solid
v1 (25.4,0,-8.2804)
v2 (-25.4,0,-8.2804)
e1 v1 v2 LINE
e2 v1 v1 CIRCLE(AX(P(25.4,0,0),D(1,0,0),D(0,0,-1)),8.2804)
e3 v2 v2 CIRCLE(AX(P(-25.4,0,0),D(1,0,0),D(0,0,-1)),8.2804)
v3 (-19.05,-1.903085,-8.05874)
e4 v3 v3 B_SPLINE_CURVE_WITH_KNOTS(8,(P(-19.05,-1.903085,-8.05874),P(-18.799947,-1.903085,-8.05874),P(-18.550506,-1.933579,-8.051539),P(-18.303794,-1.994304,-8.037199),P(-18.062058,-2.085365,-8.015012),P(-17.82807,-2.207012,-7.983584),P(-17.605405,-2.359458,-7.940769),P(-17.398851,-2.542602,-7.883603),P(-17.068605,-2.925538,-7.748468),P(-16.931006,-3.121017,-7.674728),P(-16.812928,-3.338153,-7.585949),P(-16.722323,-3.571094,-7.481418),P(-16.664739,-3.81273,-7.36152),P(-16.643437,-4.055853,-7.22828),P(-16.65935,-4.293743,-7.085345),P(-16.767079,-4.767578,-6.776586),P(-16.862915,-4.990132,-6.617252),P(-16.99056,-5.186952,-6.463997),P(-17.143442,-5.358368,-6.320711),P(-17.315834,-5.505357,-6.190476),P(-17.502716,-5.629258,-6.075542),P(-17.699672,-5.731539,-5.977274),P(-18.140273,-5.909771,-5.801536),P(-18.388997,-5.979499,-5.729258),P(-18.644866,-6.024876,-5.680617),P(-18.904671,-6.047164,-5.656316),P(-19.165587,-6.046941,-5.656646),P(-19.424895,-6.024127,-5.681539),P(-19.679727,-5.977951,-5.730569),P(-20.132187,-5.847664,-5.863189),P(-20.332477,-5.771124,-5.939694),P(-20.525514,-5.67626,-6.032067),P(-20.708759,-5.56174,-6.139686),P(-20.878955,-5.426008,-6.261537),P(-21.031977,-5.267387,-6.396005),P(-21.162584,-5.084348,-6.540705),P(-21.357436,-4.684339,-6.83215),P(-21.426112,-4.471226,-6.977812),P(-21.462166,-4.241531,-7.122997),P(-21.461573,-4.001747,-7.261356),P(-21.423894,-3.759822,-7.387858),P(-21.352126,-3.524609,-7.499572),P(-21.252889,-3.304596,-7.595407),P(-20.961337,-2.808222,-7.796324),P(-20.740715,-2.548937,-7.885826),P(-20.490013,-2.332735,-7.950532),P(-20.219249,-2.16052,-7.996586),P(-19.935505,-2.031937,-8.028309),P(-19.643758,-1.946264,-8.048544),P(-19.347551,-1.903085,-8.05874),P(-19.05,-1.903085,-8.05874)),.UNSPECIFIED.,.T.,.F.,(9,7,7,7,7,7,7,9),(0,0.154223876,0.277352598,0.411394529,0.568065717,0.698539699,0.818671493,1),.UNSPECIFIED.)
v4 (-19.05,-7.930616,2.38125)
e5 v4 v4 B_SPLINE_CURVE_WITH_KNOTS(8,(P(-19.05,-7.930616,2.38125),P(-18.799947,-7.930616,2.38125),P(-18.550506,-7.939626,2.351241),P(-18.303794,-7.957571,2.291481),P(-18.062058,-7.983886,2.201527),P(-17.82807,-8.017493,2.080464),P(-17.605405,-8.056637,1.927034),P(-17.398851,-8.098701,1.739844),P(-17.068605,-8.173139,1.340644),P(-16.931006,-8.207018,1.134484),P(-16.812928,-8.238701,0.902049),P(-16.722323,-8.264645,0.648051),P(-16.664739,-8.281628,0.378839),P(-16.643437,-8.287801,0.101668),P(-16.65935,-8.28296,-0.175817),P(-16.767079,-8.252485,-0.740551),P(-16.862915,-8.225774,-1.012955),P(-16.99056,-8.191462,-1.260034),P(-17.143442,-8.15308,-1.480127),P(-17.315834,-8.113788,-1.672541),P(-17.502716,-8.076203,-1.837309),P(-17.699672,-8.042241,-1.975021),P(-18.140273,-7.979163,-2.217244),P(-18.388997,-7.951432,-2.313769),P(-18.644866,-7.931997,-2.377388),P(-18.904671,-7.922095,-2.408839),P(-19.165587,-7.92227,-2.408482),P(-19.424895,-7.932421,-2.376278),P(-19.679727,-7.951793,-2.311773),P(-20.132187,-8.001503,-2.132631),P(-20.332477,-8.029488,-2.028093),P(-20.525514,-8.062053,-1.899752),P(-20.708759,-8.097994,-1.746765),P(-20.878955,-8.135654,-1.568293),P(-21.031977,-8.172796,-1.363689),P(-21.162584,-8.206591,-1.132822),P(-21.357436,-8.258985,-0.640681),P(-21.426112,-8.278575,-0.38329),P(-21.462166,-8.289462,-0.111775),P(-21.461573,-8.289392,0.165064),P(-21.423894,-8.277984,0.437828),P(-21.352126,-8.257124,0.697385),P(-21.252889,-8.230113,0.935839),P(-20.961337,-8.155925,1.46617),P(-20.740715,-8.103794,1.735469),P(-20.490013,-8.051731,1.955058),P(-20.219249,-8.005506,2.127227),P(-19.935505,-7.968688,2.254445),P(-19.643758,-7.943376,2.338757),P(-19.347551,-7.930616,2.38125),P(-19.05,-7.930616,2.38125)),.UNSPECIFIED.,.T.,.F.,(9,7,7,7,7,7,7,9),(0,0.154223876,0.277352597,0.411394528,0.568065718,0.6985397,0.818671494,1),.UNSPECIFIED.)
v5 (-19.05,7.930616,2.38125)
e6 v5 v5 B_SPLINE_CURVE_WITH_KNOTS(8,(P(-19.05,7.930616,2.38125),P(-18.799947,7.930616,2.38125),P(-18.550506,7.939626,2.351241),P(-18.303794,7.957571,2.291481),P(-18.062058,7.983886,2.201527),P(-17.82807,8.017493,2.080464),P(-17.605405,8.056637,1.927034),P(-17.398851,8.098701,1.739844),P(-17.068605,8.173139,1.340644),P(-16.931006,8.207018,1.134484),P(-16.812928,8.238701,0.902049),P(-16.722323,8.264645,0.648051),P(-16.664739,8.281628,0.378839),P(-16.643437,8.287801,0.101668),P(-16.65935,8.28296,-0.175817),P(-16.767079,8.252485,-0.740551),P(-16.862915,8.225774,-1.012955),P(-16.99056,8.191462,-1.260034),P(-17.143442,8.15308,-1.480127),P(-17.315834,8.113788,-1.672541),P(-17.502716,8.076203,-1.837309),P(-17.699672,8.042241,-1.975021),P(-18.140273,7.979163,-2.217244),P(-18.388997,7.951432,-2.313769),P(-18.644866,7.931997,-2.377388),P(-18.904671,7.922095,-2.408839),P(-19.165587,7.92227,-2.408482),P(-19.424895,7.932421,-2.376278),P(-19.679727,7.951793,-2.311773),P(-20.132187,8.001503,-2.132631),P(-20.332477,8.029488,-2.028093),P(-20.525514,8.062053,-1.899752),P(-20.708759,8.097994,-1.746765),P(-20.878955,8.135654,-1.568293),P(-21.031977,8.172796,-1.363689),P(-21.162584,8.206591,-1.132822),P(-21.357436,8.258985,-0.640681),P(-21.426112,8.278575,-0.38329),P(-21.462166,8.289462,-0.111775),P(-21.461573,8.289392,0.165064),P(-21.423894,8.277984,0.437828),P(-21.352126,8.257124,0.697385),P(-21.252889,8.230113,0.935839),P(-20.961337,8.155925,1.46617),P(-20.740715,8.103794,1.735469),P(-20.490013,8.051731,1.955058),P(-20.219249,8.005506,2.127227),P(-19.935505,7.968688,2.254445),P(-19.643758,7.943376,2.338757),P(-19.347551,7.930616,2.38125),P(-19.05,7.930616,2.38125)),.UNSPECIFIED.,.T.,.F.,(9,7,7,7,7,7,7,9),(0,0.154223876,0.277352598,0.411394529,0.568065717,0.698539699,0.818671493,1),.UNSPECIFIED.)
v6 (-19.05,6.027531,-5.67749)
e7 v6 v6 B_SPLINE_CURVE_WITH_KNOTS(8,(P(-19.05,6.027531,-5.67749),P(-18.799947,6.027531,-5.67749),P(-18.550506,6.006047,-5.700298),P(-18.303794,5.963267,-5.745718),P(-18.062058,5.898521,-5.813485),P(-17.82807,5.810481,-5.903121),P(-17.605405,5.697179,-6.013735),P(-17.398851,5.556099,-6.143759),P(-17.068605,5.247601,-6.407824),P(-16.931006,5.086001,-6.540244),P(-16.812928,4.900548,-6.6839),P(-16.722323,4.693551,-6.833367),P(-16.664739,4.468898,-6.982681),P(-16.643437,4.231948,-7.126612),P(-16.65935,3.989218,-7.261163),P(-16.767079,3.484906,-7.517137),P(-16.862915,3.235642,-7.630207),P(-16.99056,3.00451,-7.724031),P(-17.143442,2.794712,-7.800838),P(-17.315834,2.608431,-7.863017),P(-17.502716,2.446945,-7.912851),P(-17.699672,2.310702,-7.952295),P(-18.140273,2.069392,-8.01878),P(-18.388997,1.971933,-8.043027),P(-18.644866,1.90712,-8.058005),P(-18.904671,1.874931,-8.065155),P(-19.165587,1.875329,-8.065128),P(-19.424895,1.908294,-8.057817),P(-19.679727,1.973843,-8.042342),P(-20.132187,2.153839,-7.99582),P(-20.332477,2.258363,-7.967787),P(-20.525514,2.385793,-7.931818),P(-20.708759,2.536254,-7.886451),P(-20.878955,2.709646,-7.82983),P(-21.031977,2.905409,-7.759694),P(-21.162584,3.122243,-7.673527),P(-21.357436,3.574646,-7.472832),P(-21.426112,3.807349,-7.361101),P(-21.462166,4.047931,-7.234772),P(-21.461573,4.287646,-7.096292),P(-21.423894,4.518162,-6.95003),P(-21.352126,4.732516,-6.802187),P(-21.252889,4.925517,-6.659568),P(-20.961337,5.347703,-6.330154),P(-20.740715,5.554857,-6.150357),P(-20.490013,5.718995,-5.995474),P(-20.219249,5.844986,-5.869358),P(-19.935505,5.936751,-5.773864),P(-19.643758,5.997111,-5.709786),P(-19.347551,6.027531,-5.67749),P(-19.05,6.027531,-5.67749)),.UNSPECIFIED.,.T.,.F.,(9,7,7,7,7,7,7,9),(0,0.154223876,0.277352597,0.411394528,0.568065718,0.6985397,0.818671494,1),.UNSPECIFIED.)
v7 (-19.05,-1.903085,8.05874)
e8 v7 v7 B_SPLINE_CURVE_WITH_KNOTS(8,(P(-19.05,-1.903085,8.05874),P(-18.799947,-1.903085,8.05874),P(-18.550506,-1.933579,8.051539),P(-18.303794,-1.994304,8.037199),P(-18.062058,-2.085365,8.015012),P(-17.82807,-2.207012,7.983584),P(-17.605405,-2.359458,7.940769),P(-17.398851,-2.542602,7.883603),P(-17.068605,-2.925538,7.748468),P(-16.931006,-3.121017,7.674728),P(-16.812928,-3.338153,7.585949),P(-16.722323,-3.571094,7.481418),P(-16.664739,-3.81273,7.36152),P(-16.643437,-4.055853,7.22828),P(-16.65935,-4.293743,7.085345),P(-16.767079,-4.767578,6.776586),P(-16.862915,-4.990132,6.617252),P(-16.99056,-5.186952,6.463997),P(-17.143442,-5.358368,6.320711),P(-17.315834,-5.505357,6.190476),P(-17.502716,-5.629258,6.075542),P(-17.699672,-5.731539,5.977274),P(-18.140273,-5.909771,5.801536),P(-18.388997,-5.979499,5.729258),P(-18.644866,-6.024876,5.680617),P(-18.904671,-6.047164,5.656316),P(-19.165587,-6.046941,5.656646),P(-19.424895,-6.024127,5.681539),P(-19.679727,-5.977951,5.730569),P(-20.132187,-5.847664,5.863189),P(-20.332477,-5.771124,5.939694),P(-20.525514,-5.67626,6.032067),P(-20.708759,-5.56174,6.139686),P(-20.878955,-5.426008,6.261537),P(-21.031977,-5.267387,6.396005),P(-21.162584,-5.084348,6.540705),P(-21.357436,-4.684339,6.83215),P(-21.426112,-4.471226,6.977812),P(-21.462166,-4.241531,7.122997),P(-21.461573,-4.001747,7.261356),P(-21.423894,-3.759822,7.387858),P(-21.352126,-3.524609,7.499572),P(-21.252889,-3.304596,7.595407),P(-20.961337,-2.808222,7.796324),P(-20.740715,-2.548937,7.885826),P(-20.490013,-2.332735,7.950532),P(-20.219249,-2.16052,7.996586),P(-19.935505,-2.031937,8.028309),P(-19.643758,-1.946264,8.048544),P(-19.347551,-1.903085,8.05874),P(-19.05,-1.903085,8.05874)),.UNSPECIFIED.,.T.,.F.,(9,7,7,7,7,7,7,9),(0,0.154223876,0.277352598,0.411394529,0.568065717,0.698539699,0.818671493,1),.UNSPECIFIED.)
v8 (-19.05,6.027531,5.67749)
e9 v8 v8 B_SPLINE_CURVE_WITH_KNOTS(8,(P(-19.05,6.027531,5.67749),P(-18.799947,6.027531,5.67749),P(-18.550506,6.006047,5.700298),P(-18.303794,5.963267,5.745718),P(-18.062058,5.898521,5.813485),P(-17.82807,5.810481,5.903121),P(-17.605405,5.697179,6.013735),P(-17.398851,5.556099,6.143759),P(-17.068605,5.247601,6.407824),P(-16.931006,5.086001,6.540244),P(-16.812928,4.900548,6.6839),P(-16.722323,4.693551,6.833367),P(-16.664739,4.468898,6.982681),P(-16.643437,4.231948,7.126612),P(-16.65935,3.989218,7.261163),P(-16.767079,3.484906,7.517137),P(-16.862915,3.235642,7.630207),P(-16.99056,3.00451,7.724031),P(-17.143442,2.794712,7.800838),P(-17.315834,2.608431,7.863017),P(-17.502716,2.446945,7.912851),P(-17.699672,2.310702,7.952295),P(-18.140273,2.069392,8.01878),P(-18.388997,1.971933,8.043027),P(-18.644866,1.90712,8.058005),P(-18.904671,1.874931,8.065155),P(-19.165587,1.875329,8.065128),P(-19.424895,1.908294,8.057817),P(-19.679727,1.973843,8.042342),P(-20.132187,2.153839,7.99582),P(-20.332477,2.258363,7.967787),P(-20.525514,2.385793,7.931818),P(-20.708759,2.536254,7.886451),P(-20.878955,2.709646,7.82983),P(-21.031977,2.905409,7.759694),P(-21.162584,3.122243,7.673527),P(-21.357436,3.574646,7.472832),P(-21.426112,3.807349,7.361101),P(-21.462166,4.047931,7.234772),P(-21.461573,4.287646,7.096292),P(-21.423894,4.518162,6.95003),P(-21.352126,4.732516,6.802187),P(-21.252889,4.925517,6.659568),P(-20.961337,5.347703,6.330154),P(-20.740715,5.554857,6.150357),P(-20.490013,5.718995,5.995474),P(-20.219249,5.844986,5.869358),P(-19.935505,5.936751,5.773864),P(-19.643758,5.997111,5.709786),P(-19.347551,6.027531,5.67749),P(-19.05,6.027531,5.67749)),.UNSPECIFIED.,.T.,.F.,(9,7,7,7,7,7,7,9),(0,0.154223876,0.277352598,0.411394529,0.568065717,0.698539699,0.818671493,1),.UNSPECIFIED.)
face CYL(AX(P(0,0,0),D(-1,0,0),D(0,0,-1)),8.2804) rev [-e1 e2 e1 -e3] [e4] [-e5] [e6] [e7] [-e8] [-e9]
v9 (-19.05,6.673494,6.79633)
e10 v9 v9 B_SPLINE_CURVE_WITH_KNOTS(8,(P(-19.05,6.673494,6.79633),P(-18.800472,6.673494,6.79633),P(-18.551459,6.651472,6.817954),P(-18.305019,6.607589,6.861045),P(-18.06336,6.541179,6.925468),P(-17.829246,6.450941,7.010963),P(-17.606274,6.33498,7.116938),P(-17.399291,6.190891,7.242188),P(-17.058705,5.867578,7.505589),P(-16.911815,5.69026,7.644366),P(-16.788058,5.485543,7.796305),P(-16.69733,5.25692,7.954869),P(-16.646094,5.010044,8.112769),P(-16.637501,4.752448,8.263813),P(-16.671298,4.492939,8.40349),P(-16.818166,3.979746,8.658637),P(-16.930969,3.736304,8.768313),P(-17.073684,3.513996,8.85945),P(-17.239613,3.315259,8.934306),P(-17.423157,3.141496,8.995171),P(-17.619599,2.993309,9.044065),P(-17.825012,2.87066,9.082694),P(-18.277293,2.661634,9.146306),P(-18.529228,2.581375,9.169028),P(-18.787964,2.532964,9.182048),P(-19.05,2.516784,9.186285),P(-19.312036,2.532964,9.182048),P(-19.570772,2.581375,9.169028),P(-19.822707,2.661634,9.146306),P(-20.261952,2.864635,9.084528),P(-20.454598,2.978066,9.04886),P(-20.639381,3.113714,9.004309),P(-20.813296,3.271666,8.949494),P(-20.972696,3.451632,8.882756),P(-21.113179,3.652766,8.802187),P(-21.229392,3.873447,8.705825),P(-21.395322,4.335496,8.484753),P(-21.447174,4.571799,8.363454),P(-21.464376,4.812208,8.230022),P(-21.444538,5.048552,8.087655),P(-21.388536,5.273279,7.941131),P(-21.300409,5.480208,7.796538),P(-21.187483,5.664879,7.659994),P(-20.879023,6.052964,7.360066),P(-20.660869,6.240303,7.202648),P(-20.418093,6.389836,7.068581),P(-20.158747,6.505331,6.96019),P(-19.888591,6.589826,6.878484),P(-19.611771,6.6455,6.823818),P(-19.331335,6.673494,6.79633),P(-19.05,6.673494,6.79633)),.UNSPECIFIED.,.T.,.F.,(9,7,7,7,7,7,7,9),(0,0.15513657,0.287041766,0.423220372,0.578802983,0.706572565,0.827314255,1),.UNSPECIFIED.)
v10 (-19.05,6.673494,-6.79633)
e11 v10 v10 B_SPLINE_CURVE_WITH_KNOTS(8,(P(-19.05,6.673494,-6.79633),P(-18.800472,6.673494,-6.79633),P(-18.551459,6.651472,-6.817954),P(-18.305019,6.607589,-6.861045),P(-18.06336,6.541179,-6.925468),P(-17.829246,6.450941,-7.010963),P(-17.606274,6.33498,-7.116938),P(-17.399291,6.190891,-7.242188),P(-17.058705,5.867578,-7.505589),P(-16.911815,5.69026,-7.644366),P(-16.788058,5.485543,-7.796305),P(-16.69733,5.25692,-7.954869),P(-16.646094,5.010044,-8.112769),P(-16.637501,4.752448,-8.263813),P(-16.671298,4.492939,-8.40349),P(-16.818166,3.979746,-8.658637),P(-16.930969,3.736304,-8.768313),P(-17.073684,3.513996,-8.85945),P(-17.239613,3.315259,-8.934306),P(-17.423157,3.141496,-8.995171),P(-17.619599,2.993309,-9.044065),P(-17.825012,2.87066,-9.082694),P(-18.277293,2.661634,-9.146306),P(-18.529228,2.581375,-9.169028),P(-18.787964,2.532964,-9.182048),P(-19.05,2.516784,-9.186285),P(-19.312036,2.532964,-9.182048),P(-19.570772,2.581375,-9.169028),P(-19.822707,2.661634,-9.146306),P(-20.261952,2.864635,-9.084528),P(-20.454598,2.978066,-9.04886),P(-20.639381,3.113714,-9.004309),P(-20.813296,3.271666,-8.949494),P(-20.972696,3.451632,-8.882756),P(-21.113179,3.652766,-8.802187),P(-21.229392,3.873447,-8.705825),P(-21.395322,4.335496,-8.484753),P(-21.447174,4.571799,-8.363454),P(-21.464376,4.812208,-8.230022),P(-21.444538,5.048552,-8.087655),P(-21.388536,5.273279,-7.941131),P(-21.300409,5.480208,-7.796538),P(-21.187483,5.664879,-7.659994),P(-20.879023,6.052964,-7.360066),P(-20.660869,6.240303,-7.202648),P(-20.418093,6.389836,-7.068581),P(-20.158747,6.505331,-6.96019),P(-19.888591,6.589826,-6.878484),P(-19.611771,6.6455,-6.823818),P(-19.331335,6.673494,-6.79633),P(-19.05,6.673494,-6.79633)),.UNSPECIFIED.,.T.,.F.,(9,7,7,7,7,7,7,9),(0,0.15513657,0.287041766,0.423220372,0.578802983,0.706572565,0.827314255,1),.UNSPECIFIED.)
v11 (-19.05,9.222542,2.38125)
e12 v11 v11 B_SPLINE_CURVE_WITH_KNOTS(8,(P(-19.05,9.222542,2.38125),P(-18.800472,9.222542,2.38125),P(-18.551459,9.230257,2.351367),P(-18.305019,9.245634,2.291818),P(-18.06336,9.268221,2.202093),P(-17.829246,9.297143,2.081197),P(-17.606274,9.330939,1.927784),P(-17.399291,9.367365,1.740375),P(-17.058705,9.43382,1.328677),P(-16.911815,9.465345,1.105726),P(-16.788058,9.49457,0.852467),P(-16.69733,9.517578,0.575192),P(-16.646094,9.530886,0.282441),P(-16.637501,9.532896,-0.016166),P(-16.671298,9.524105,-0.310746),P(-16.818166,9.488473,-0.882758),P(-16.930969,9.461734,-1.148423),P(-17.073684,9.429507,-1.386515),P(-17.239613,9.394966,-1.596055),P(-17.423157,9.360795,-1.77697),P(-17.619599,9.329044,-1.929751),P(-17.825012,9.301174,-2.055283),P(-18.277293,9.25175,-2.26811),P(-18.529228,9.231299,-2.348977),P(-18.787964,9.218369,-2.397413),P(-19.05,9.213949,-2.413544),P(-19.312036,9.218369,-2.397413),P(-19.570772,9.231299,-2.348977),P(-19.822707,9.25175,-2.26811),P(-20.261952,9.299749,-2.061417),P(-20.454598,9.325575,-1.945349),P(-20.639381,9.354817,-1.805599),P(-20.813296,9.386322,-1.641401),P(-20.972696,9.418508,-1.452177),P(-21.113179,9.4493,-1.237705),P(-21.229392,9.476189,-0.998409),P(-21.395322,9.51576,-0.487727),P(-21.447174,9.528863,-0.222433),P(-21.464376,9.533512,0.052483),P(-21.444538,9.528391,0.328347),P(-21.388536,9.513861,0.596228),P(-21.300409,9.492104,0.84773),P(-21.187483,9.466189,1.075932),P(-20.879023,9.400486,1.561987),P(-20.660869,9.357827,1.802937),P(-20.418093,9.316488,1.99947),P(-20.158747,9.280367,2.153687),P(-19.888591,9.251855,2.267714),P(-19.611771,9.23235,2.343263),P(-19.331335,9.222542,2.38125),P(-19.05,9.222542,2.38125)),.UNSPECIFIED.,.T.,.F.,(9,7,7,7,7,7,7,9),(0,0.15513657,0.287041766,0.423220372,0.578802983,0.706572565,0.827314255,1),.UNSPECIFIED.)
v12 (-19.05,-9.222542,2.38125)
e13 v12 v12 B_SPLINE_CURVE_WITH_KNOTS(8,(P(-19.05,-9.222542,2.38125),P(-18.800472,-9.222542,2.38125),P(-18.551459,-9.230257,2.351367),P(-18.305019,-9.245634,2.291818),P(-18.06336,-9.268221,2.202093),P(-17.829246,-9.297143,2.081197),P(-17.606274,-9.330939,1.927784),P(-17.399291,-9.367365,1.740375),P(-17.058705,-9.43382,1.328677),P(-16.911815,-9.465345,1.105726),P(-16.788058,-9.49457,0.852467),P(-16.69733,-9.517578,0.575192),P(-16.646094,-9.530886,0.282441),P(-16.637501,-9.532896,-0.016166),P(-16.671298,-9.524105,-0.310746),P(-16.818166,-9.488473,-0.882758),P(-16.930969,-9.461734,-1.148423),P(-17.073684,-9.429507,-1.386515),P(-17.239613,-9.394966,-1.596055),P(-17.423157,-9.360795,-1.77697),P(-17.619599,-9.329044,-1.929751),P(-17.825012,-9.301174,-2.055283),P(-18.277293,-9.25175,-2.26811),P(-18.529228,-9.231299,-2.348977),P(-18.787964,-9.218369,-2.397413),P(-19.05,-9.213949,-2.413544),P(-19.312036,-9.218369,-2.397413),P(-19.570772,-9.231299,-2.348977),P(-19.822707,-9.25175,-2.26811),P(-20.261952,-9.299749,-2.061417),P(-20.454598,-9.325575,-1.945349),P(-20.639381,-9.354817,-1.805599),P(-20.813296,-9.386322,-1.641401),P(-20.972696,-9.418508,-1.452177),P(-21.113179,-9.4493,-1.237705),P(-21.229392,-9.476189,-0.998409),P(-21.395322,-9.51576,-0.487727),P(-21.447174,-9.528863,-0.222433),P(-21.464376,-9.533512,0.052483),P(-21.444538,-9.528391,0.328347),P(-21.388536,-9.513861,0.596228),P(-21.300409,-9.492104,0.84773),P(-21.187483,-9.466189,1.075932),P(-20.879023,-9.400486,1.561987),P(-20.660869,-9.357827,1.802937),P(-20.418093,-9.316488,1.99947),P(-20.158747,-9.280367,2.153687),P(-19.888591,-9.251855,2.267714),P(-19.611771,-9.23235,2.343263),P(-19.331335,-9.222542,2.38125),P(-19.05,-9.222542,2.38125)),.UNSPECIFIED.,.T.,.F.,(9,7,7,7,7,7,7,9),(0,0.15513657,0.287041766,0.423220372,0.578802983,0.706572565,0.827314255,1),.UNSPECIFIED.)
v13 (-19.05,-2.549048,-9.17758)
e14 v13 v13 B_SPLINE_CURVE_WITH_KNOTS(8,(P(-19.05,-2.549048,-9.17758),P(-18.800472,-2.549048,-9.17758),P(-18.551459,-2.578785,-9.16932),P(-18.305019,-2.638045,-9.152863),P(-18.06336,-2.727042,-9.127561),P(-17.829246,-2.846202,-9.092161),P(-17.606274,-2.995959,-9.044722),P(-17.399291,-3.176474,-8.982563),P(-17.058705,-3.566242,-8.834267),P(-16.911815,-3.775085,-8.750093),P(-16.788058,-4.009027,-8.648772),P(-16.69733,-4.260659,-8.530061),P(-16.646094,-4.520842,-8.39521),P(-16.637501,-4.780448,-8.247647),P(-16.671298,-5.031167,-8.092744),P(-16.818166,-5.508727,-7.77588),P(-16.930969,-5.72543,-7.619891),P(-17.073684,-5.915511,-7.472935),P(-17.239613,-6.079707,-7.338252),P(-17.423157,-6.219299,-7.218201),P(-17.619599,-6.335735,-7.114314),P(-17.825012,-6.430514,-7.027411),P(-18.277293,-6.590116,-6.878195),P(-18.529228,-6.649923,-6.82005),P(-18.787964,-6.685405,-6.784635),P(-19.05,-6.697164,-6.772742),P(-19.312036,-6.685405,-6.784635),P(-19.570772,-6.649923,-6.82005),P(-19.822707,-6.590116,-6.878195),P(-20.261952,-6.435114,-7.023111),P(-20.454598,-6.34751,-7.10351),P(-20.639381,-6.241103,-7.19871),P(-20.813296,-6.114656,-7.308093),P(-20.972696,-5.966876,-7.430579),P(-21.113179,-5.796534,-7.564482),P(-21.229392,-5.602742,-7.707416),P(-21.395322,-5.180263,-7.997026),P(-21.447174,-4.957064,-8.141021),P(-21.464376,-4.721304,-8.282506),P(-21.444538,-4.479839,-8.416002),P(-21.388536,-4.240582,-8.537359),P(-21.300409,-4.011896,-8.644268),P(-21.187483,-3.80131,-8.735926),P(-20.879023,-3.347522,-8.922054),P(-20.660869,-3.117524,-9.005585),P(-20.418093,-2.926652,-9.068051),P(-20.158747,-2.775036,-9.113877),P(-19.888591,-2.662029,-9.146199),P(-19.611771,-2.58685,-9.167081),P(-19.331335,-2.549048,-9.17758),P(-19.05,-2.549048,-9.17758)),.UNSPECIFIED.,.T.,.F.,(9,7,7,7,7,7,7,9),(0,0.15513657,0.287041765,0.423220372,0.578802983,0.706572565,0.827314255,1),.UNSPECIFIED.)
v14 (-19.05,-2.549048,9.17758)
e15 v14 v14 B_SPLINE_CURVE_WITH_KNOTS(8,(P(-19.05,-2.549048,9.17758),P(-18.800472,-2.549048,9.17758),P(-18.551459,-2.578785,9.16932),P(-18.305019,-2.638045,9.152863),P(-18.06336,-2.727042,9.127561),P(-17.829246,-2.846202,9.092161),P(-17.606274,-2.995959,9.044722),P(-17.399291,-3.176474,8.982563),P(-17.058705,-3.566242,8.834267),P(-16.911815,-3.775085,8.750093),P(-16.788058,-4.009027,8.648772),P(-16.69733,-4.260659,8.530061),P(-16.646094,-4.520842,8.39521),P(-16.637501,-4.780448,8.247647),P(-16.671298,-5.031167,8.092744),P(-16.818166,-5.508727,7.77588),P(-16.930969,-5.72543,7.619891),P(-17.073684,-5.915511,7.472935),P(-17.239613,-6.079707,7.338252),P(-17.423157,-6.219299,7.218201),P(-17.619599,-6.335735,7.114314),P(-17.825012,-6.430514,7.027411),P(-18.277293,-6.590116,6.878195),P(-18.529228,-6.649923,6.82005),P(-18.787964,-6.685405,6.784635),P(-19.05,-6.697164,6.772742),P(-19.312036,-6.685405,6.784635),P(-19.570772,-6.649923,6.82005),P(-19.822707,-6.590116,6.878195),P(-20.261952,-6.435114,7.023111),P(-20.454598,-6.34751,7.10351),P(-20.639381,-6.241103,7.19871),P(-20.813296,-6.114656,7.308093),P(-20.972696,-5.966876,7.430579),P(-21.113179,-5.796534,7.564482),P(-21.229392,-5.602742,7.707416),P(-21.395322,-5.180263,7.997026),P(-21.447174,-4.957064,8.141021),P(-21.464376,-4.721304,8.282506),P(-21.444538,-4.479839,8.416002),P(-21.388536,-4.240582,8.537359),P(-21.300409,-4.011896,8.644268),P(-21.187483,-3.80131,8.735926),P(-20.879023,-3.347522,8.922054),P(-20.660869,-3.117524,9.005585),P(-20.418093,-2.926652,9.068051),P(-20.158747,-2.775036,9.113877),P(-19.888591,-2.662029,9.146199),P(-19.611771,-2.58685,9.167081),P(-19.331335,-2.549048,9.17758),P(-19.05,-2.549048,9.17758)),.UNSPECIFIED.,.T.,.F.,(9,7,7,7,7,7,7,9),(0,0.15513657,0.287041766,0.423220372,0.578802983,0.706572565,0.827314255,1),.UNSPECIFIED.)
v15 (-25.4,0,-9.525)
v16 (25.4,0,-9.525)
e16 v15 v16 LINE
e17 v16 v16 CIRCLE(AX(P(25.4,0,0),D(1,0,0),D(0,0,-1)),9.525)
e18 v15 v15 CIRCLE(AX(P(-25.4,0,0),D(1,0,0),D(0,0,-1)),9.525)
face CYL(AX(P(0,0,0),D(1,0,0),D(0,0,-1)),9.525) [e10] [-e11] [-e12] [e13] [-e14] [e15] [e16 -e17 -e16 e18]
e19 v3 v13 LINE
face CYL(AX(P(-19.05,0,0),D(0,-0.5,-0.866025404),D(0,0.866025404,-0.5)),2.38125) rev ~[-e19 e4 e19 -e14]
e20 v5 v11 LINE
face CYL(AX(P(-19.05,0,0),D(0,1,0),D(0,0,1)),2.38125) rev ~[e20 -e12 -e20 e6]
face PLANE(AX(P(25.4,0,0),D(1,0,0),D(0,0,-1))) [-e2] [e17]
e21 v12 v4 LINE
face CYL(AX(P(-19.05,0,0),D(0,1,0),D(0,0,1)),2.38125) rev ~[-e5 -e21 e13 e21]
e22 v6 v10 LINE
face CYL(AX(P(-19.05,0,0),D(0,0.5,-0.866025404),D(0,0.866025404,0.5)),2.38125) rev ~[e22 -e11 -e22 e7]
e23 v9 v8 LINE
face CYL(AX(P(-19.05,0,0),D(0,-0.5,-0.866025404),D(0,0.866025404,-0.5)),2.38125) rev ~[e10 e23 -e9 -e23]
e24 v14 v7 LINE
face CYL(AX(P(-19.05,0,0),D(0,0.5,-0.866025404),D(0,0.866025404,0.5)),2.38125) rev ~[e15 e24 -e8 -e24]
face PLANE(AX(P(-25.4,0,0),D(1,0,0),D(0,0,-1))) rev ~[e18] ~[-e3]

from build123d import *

# Parameters (mm, degrees)
SKETCH1_R          = 9.525
SKETCH1_R_2        = 8.2804
EXTRUDE1_DEPTH     = 25.4
SKETCH2_R          = 2.38125
CUT_EXTRUDE1_DEPTH = 29.750847814
CIRPATTERN1_COUNT  = 3
CIRPATTERN1_ANGLE  = 120


with BuildPart() as part:
    # Sketch1 → Extrude1 (new, symmetric)
    with BuildSketch(Plane(origin=(0, 0, 0), x_dir=(0, 0, -1), z_dir=(1, 0, 0))):
        Circle(SKETCH1_R)
        Circle(SKETCH1_R_2, mode=Mode.SUBTRACT)
    extrude(amount=EXTRUDE1_DEPTH, both=True)

    # Sketch2 → Cut-Extrude1 (cut, symmetric)
    with BuildSketch(Plane(origin=(0, 0, 0), x_dir=(1, 0, 0), z_dir=(0, 1, 0))):
        with Locations(Location((-19.05, 0, 0), (0, 0, 270))):
            Circle(SKETCH2_R)
    cut_extrude1 = extrude(amount=CUT_EXTRUDE1_DEPTH, both=True, mode=Mode.SUBTRACT)

    # CirPattern1: Cut-Extrude1 ×3 about axis
    cirpattern1_axis = Axis((25.4, 0, 0), (-1, 0, 0))
    for i in range(1, CIRPATTERN1_COUNT):
        add(cut_extrude1.rotate(cirpattern1_axis, i * CIRPATTERN1_ANGLE / (CIRPATTERN1_COUNT - 1)), mode=Mode.SUBTRACT)


solid = part.part
